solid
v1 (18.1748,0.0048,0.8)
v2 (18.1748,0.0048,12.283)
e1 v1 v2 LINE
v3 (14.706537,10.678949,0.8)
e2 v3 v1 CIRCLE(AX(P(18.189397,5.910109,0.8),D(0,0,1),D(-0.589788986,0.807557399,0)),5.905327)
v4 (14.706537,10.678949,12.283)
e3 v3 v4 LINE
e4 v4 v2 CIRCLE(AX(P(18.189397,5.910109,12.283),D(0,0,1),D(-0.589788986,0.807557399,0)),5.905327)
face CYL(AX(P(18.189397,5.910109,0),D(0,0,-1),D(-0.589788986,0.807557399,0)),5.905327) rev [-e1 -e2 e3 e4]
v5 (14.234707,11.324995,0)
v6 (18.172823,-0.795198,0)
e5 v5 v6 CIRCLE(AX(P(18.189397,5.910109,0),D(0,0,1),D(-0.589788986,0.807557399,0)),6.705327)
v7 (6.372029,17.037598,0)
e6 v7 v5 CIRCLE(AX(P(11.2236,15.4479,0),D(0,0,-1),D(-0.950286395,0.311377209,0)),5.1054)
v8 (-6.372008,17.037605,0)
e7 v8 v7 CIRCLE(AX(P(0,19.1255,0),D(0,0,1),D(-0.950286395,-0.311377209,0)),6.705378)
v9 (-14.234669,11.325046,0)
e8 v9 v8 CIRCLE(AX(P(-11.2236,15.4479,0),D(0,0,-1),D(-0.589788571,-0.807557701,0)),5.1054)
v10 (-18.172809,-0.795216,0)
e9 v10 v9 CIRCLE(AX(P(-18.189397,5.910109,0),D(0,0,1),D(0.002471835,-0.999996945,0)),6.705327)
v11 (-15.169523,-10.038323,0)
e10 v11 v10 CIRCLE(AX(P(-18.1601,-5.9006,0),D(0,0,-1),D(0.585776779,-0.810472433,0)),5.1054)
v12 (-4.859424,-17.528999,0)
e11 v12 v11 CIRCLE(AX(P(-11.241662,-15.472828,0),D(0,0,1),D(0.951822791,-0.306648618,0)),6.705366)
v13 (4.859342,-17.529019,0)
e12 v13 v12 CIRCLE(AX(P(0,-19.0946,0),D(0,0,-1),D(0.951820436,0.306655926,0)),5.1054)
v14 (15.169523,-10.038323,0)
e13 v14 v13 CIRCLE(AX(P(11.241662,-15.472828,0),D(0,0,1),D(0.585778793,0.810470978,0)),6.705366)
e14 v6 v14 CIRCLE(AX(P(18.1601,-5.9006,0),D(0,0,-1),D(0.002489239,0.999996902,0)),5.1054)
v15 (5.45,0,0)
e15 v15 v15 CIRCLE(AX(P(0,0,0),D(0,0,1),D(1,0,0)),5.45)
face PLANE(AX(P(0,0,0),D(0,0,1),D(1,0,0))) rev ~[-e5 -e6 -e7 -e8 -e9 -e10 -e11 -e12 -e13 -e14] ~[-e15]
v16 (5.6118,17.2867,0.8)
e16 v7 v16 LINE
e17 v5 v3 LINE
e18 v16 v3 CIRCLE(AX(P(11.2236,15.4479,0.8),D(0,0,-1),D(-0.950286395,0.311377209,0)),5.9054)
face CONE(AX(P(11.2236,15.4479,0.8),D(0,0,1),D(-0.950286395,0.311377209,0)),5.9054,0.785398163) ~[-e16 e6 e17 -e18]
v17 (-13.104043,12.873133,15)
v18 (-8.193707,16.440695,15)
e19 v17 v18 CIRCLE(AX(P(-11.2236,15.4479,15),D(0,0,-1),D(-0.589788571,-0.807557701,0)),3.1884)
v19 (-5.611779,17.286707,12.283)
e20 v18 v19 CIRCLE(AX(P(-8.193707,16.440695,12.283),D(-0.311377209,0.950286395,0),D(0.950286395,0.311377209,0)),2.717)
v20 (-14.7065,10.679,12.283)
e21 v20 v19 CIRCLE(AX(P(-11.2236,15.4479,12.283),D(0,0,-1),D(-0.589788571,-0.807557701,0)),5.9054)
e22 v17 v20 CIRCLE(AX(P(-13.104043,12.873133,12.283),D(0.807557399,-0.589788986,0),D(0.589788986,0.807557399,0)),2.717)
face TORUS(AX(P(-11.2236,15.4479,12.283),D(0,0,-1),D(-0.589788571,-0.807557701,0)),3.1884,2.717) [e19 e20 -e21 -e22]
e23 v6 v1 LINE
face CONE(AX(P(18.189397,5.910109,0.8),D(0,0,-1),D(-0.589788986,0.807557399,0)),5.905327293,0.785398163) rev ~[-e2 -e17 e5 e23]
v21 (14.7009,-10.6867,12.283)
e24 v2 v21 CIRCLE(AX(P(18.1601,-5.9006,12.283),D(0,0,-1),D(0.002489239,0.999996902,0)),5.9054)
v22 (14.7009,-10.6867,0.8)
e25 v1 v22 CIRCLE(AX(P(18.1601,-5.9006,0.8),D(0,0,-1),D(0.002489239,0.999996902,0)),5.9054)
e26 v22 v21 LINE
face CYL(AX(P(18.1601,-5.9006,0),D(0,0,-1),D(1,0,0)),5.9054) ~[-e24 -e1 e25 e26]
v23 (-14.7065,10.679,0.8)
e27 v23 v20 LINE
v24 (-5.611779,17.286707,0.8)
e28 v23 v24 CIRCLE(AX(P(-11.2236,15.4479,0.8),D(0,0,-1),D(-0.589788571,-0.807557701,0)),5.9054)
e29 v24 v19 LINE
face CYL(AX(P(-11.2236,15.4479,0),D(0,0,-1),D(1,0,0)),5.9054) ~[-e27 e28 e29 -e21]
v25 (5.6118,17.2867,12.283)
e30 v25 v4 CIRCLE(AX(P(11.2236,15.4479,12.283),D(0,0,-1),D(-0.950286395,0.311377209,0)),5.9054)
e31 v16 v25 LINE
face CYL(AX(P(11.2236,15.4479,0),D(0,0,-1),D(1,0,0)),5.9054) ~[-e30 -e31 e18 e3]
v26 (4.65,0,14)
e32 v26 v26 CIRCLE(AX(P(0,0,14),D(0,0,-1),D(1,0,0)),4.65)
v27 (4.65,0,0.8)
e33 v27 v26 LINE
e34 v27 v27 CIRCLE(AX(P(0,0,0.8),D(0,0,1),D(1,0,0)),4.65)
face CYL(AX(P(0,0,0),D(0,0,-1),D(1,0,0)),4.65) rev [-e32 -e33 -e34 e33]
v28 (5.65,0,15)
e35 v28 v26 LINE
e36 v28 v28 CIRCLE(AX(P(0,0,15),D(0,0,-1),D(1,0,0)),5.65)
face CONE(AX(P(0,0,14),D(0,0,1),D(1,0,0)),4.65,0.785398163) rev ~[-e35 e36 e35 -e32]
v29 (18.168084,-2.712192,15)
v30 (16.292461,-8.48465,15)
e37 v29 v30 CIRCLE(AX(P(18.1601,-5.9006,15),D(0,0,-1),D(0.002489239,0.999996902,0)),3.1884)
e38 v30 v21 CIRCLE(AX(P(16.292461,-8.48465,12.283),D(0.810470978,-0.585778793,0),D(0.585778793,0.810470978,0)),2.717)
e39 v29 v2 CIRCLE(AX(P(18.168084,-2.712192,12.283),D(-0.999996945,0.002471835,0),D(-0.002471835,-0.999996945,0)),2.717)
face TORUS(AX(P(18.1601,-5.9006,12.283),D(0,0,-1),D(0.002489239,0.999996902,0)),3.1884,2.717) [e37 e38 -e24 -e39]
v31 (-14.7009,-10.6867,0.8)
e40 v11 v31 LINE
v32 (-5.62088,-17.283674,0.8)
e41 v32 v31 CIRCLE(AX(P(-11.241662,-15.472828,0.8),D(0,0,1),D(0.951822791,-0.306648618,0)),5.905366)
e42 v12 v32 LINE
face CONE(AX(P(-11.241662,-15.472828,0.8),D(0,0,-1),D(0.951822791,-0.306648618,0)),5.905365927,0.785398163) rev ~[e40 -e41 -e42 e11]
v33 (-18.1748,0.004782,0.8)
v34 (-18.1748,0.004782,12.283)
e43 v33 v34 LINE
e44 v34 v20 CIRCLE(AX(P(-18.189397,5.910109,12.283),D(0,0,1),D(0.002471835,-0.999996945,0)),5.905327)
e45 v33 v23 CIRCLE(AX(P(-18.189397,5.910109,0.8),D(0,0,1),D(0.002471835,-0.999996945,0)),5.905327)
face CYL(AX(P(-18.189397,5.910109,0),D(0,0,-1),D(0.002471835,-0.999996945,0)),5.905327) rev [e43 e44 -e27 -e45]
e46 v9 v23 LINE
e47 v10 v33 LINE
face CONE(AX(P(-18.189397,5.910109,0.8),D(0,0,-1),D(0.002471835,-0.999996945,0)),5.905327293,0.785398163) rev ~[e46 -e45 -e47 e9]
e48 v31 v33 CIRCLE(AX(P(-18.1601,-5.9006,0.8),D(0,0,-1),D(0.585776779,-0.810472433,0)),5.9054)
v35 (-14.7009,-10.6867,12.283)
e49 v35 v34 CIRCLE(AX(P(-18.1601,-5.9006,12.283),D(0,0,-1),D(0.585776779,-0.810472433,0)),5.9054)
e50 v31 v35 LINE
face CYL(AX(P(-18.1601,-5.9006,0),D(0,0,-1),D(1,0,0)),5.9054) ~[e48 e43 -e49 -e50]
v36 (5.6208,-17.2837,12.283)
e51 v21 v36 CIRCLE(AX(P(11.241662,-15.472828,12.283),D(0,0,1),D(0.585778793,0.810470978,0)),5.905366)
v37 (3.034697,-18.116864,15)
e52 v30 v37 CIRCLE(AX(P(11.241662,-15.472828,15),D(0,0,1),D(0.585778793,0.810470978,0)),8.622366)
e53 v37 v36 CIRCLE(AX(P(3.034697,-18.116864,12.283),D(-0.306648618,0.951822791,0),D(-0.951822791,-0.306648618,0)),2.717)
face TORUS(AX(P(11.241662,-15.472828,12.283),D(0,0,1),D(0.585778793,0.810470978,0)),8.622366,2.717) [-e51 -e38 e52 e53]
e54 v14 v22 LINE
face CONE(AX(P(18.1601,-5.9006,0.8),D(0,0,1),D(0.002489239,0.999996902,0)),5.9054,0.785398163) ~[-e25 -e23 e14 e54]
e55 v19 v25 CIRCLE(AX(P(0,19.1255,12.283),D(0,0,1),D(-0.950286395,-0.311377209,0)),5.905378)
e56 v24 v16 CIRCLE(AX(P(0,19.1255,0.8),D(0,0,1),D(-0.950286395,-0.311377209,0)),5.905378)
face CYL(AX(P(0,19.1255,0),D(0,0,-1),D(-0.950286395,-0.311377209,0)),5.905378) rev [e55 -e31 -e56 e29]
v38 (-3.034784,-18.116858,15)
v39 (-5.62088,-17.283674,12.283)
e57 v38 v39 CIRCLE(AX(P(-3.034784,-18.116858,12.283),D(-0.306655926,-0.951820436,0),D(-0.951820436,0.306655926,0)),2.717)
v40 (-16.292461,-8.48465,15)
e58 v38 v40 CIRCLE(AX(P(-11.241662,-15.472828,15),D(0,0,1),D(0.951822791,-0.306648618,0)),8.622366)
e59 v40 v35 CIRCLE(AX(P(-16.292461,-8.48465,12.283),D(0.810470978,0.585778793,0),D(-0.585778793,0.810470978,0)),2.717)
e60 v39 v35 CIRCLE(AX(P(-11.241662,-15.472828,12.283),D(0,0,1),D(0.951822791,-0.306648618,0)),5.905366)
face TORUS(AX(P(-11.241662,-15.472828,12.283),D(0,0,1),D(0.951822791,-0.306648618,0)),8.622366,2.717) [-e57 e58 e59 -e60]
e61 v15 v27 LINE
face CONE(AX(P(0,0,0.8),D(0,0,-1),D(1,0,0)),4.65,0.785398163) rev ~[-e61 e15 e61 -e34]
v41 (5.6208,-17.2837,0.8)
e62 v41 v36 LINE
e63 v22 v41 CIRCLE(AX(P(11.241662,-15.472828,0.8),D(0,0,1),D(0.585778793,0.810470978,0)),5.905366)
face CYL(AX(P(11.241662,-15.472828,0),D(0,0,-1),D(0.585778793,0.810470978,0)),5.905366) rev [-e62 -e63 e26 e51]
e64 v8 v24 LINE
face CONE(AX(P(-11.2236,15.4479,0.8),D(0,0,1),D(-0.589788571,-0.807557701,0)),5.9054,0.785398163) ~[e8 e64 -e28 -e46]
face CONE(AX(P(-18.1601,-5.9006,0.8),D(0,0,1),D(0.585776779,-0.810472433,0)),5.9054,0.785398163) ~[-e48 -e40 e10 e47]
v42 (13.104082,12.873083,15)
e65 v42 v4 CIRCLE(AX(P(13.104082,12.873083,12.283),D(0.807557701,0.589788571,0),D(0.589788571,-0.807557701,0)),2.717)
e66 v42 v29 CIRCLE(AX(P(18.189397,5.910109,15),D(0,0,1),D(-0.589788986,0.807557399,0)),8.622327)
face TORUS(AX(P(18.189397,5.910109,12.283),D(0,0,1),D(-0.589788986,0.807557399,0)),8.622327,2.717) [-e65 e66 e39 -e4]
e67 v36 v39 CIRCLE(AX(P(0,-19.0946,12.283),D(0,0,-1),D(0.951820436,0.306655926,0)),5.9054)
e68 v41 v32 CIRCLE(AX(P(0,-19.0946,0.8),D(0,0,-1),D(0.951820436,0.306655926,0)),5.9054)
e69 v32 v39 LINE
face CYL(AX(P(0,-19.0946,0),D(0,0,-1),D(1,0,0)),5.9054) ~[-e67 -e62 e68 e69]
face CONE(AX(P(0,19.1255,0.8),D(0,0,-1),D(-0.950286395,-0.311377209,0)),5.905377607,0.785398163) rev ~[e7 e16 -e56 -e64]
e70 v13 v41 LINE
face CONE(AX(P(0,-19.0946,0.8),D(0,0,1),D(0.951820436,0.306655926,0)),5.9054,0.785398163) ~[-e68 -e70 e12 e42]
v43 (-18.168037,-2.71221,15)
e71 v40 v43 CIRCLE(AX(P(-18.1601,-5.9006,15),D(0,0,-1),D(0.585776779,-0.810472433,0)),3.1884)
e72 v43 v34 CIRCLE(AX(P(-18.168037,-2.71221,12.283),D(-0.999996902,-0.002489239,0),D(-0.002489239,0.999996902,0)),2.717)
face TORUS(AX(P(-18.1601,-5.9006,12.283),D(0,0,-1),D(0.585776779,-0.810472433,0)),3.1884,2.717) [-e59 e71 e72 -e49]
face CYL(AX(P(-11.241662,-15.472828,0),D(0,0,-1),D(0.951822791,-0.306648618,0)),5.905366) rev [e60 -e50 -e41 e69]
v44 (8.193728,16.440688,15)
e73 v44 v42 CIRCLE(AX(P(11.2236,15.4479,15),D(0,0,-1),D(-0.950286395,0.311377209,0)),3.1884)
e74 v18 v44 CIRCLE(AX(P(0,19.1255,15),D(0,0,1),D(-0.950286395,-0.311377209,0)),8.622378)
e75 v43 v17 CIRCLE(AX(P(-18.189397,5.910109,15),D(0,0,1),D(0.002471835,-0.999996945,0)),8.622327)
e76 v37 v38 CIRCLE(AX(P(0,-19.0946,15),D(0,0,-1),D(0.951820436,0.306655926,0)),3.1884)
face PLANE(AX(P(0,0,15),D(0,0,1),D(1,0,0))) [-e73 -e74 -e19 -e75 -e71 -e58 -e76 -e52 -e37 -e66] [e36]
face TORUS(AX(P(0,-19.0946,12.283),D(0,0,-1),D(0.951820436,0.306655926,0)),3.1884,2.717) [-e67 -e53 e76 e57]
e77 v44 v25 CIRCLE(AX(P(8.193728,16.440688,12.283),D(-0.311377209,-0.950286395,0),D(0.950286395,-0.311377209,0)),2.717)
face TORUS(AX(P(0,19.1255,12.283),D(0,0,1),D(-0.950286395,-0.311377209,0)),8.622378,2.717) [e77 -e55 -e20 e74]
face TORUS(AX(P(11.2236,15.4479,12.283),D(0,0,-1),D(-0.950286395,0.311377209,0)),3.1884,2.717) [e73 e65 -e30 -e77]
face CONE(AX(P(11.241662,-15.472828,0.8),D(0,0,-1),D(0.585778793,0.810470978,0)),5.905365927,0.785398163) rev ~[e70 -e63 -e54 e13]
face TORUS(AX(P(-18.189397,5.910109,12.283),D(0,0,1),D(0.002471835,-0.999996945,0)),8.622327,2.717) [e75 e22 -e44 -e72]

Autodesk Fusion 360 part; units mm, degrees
sketch "Sketch1" plane through (0, 0, 0) normal (0, 0, 1) x (1, 0, 0)
  circle A0 centre (0, 0) radius 31.6631 construction
  circle A1 centre (0, 31.6631) radius 21.7092 construction
  circle A2 centre (27.4211, -15.8316) radius 21.7092 construction
  circle A3 centre (-27.4211, -15.8316) radius 21.7092 construction
  line L0 (0, 0) -> (0, 31.6631) construction
  line L1 (0, 0) -> (27.4211, -15.8316) construction
  line L2 (0, 0) -> (-27.4211, -15.8316) construction
  circle A4 centre (2.3751, -0.3675) radius 18.8772 construction
  circle A5 centre (0, -19.0946) radius 5.9054
  circle A6 centre (0, 0) radius 25 construction
  circle A7 centre (0, 0) radius 4.65
  line L3 (0, 0) -> (0, -19.0946) construction
  line L4 (0, 0) -> (-16.4545, 9.5) construction
  line L5 (0, 0) -> (6.5253, -3.7674)
  circle A8 centre (18.1601, -5.9006) radius 5.9054
  circle A9 centre (11.2236, 15.4479) radius 5.9054
  circle A10 centre (-11.2236, 15.4479) radius 5.9054
  circle A11 centre (-18.1601, -5.9006) radius 5.9054
  arc A12 (14.7009, -10.6867) -> (5.6208, -17.2837) centre (11.2417, -15.4728) ccw
  arc A13 (14.7065, 10.679) -> (18.1748, 0.0048) centre (18.1894, 5.9101) ccw
  arc A14 (-5.6118, 17.2867) -> (5.6118, 17.2867) centre (0, 19.1255) ccw
  arc A15 (-18.1748, 0.0048) -> (-14.7065, 10.679) centre (-18.1894, 5.9101) ccw
  arc A16 (-5.6208, -17.2837) -> (-14.7009, -10.6867) centre (-11.2417, -15.4728) ccw
  dimension "d1" = 120
  dimension "d4" = 50
  dimension "d6" = 9.3
  dimension "d21" = 50
  dimension "d22" = 360
  dimension "d23" = 50
  dimension "d24" = 360
extrude "Extrude1" add sketch "Sketch1" along normal blind 15
fillet "Fillet1" radius 2.717 10 edges at (7.7706, -10.6953, 15) (23.7764, -7.7254, 15) (12.5731, 4.0852, 15) (14.6946, 20.2254, 15) (0, 13.2201, 15) (-14.6946, 20.2254, 15) (-12.5731, 4.0852, 15) (-23.7764, -7.7254, 15) (-7.7706, -10.6953, 15) (0, -25, 15)
chamfer "Chamfer3" distance 0.8 angle 45 11 edges at (7.7706, -10.6953, 0) (23.7764, -7.7254, 0) (12.5731, 4.0852, 0) (14.6946, 20.2254, 0) (0, 13.2201, 0) (-14.6946, 20.2254, 0) (-12.5731, 4.0852, 0) (-23.7764, -7.7254, 0) (-7.7706, -10.6953, 0) (0, -25, 0) (-4.3353, 1.6815, 0)
chamfer "Chamfer4" distance 1 angle 45 1 edges at (-4.3353, 1.6815, 15)
